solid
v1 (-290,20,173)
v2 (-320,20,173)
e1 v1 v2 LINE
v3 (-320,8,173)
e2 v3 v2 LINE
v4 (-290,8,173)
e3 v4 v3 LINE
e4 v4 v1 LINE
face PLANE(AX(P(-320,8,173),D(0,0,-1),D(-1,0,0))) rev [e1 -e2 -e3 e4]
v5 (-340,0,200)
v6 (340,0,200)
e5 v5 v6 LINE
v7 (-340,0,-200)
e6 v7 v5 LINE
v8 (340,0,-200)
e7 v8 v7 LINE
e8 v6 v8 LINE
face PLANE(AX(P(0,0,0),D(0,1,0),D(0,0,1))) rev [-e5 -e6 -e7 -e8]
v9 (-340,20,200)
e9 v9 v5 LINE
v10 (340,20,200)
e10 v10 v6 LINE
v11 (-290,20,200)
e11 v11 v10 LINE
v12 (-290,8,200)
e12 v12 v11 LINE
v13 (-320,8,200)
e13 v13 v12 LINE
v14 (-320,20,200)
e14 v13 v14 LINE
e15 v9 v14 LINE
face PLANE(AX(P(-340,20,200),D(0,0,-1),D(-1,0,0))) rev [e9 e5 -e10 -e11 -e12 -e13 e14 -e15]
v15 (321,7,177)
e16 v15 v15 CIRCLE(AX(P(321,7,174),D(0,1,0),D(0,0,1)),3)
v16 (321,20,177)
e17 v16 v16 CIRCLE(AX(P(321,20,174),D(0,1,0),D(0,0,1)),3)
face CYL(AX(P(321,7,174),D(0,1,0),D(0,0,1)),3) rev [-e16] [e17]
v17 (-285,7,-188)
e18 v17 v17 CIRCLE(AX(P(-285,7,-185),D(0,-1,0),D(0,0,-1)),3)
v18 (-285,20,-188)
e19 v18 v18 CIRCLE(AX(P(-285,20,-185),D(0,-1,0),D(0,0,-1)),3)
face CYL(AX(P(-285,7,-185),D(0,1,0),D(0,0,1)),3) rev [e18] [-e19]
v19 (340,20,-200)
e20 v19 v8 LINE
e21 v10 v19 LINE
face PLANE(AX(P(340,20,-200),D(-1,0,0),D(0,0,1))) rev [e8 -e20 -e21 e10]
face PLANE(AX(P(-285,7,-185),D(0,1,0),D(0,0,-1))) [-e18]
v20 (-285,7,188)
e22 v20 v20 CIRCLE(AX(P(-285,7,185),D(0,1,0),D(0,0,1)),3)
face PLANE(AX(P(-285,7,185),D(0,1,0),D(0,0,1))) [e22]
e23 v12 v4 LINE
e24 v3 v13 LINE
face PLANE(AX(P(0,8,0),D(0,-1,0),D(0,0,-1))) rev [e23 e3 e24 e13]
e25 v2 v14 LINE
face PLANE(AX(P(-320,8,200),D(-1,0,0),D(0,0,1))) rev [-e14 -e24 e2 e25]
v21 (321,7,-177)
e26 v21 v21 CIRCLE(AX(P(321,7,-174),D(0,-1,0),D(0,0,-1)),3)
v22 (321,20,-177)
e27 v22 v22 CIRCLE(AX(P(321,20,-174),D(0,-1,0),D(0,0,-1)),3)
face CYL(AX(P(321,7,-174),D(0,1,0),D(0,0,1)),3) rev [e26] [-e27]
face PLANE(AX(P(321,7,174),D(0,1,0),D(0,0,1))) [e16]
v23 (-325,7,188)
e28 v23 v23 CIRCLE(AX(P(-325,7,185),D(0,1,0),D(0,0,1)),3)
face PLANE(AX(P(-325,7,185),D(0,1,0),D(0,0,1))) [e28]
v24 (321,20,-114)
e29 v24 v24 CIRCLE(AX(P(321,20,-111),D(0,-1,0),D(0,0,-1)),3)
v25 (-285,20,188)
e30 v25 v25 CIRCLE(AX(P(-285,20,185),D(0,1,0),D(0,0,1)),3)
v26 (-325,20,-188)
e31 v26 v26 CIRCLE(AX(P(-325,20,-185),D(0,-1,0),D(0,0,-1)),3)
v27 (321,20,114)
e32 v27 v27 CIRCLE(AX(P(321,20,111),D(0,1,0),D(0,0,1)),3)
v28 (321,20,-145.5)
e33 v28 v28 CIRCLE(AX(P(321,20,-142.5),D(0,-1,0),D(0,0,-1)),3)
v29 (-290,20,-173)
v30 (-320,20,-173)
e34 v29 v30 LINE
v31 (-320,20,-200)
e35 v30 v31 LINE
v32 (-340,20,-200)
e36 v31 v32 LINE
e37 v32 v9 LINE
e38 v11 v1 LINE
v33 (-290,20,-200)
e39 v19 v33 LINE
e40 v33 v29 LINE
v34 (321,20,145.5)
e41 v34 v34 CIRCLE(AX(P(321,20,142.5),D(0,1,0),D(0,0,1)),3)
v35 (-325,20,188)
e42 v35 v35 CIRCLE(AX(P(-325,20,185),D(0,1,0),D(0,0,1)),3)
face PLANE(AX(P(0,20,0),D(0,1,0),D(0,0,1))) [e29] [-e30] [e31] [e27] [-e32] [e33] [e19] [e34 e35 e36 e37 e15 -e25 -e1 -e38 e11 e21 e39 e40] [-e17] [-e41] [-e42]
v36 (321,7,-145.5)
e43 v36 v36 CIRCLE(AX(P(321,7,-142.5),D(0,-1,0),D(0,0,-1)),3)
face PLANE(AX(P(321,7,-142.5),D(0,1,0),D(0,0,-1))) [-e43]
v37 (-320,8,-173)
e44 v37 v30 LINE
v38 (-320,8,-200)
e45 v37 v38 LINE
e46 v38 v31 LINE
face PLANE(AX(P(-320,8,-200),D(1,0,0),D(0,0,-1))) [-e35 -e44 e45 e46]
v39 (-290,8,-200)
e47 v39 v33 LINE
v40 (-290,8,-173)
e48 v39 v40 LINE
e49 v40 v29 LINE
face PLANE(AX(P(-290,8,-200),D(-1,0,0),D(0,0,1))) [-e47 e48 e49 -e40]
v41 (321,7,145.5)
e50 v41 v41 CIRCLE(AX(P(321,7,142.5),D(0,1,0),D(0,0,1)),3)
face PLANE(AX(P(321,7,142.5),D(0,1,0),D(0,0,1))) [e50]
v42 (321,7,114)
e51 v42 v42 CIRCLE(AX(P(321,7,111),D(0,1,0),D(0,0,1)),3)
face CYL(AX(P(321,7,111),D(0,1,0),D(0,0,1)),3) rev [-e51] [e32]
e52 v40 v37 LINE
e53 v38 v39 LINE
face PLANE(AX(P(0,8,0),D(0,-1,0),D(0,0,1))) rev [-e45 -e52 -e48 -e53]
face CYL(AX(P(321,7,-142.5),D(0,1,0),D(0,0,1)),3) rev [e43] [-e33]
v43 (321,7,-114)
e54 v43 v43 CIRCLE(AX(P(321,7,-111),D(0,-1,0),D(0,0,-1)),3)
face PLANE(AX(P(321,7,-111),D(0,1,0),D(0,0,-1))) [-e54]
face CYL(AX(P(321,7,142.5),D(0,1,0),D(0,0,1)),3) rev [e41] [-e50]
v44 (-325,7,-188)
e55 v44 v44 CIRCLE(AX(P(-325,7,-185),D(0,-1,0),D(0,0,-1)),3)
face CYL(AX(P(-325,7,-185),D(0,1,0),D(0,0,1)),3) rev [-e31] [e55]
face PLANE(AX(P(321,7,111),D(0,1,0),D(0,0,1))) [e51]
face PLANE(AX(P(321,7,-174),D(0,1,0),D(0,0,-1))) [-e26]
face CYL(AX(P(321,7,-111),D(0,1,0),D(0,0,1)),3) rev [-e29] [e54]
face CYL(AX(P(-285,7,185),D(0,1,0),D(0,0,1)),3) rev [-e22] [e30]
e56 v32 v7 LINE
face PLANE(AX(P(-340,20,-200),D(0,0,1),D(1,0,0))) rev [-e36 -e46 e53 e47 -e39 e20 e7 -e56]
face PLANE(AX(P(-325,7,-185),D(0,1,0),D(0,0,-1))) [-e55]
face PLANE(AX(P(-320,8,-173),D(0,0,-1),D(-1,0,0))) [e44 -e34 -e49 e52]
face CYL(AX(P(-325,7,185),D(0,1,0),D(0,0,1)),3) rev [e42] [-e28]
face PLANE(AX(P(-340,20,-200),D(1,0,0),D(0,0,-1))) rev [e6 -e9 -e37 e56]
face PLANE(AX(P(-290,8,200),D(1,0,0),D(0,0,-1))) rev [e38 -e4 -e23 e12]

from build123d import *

# Parameters (mm, degrees)
SKETCH1_W           = 680
SKETCH1_H           = 400
BOSS_EXTRUDE1_DEPTH = 20
SKETCH2_W           = 30
SKETCH2_H           = 27
CUT_EXTRUDE1_DEPTH  = 12
SKETCH3_R           = 3
CUT_EXTRUDE2_DEPTH  = 13
SKETCH4_R           = 3
CUT_EXTRUDE3_DEPTH  = 13


with BuildPart() as part:
    # Sketch1 → Boss-Extrude1 (new body)
    with BuildSketch(Plane(origin=(0, 0, 0), x_dir=(1, 0, 0), z_dir=(0, 1, 0))):
        Rectangle(SKETCH1_W, SKETCH1_H)
    extrude(amount=BOSS_EXTRUDE1_DEPTH)

    # Sketch2 → Cut-Extrude1 (cut)
    with BuildSketch(Plane(origin=(0, 20, 0), x_dir=(1, 0, 0), z_dir=(0, 1, 0))):
        with Locations((-305, -186.5)):
            Rectangle(SKETCH2_W, SKETCH2_H)
    cut_extrude1 = extrude(amount=-CUT_EXTRUDE1_DEPTH, mode=Mode.SUBTRACT)

    # Mirror1: Cut-Extrude1 across plane
    add(cut_extrude1.mirror(Plane.XY), mode=Mode.SUBTRACT)

    # Sketch3 → Cut-Extrude2 (cut)
    with BuildSketch(Plane(origin=(0, 20, 0), x_dir=(1, 0, 0), z_dir=(0, 1, 0))):
        with Locations(Location((321, -174, 0), (0, 0, 270))):
            Circle(SKETCH3_R)
        with Locations(Location((321, -142.5, 0), (0, 0, 270))):
            Circle(SKETCH3_R)
        with Locations(Location((321, -111, 0), (0, 0, 270))):
            Circle(SKETCH3_R)
    cut_extrude2 = extrude(amount=-CUT_EXTRUDE2_DEPTH, mode=Mode.SUBTRACT)

    # Mirror2: Cut-Extrude2 across plane
    add(cut_extrude2.mirror(Plane.XY), mode=Mode.SUBTRACT)

    # Sketch4 → Cut-Extrude3 (cut)
    with BuildSketch(Plane(origin=(0, 20, 0), x_dir=(1, 0, 0), z_dir=(0, 1, 0))):
        with Locations(Location((-325, -185, 0), (0, 0, 270))):
            Circle(SKETCH4_R)
        with Locations(Location((-285, -185, 0), (0, 0, 270))):
            Circle(SKETCH4_R)
    cut_extrude3 = extrude(amount=-CUT_EXTRUDE3_DEPTH, mode=Mode.SUBTRACT)

    # Mirror3: Cut-Extrude3 across plane
    add(cut_extrude3.mirror(Plane.XY), mode=Mode.SUBTRACT)


solid = part.part
